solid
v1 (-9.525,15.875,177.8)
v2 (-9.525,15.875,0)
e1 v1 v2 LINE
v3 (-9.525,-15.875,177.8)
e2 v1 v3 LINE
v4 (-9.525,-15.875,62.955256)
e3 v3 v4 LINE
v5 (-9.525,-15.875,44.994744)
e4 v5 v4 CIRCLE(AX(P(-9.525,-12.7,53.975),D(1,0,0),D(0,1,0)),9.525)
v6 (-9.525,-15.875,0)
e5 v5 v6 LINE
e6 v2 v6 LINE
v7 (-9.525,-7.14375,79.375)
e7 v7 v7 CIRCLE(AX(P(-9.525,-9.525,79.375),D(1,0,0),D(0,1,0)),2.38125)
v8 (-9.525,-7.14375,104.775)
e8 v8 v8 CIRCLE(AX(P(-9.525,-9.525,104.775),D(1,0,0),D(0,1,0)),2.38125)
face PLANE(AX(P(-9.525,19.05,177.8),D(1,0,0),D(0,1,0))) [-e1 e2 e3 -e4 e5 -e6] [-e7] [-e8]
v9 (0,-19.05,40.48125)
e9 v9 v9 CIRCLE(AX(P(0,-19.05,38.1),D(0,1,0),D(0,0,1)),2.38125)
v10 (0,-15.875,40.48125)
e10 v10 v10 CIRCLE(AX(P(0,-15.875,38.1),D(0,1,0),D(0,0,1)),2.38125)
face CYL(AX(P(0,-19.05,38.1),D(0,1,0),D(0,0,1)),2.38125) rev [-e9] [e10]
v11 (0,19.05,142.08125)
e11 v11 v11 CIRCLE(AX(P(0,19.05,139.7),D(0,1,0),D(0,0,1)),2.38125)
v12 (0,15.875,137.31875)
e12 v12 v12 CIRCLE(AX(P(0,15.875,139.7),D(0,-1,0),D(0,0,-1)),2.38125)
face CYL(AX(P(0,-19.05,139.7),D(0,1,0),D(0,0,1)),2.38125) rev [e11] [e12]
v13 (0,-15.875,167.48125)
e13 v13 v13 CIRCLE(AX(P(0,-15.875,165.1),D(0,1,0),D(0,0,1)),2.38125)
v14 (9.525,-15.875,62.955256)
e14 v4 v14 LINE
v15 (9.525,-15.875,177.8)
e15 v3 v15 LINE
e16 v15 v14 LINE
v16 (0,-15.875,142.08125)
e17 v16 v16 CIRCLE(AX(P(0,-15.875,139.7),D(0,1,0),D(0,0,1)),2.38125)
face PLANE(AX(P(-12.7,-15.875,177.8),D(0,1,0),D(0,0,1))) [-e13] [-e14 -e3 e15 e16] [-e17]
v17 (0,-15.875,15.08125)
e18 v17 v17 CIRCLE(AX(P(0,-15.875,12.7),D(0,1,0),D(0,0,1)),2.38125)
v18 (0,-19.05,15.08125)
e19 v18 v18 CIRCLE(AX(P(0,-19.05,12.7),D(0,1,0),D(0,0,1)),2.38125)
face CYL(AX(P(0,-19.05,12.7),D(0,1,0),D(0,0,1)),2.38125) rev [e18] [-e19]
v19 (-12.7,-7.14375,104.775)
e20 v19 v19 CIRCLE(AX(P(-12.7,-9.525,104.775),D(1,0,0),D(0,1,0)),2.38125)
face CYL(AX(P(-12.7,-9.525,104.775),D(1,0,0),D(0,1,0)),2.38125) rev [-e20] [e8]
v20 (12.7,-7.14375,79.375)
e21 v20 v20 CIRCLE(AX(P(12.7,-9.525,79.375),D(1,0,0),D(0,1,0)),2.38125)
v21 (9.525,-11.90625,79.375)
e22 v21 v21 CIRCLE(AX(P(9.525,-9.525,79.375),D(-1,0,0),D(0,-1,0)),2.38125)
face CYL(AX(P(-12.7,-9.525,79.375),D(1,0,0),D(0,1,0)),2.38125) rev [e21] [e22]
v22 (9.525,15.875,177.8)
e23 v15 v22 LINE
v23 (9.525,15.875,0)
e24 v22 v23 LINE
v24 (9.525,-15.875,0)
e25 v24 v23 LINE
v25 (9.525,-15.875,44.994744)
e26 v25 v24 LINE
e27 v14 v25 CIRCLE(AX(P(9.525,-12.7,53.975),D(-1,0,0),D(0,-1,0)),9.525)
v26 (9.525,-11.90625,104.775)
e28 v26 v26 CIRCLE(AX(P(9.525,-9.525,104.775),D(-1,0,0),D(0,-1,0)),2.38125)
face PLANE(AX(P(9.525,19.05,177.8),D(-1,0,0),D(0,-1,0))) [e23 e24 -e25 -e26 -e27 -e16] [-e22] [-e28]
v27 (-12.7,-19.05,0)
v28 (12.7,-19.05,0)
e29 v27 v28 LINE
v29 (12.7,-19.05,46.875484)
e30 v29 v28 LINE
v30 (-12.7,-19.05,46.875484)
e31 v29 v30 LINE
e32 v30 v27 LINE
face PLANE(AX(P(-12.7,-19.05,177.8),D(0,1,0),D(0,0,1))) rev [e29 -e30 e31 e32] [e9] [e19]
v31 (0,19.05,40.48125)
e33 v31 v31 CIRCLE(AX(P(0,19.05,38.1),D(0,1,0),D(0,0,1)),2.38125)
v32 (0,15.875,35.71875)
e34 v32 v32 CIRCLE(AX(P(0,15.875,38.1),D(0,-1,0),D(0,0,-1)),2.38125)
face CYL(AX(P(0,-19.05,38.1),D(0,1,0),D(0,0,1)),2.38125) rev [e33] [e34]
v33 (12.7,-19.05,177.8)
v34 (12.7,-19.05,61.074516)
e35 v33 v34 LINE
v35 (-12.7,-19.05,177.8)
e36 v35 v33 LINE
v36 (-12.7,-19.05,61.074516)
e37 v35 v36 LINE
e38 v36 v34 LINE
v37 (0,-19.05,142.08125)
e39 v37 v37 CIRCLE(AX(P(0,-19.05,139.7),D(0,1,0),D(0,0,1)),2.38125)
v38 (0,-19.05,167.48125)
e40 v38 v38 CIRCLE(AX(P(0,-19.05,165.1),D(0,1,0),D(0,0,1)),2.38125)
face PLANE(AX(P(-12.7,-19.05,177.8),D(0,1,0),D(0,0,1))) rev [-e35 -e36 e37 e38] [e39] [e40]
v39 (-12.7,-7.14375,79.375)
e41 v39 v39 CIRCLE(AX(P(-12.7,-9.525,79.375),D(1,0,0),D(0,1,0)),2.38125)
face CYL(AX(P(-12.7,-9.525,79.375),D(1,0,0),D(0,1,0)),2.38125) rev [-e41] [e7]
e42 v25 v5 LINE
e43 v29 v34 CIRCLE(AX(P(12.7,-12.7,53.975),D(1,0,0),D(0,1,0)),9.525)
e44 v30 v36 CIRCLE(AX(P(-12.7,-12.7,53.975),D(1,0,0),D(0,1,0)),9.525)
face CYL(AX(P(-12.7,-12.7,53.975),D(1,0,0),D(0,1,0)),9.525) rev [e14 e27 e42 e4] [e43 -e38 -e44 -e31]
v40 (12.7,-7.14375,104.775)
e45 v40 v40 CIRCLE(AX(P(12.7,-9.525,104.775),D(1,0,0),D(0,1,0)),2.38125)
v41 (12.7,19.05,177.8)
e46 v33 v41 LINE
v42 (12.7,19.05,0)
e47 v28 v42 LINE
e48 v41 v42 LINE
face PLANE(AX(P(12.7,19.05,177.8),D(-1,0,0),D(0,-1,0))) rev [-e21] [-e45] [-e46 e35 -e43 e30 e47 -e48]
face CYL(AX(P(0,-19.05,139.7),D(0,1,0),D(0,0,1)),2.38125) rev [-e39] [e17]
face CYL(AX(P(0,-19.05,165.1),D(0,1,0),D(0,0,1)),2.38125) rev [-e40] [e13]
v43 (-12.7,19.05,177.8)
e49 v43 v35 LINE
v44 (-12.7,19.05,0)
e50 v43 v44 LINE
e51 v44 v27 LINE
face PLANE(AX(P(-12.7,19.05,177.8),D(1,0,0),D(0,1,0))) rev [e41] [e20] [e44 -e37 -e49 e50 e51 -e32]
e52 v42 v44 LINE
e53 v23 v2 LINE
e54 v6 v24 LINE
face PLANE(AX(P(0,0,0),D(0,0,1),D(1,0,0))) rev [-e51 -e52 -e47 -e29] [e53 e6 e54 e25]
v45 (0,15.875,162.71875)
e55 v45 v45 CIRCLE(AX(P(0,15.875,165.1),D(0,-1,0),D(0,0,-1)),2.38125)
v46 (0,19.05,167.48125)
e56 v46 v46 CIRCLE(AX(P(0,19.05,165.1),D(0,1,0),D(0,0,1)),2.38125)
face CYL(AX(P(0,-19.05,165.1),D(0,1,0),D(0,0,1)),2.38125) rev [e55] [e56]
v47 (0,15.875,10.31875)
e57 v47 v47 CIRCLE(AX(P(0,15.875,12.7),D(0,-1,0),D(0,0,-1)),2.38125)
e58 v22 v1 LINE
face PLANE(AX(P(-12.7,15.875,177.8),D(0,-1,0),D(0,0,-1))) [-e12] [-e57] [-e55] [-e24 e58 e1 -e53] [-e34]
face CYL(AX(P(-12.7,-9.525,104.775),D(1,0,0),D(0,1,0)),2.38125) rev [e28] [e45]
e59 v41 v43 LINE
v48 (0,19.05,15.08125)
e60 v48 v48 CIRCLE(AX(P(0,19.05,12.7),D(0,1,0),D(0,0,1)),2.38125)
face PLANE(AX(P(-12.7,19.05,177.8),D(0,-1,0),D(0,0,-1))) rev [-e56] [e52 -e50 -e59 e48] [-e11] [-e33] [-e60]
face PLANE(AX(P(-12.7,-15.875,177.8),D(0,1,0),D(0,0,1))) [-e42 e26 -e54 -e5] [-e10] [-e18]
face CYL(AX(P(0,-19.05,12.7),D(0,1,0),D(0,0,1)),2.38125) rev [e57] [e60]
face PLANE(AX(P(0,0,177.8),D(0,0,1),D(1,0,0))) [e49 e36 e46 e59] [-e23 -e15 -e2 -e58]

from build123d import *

# Parameters (mm, degrees)
SKETCH1_W           = 25.4
SKETCH1_H           = 38.1
BOSS_EXTRUDE1_DEPTH = 177.8
SHELL1_T            = -3.175
SKETCH2_R           = 9.525
CUT_EXTRUDE1_DEPTH  = 181.612575697
SKETCH3_R           = 2.38125
CUT_EXTRUDE2_DEPTH  = 183.279291199
SKETCH4_R           = 2.38125
CUT_EXTRUDE3_DEPTH  = 181.612575697
SKETCH5_R           = 2.38125
CUT_EXTRUDE4_DEPTH  = 183.279291199


with BuildPart() as part:
    # Sketch1 → Boss-Extrude1 (new body)
    with BuildSketch(Plane.XY):
        Rectangle(SKETCH1_W, SKETCH1_H)
    extrude(amount=BOSS_EXTRUDE1_DEPTH)

    # Shell1
    shell1_openings = [part.faces().sort_by_distance(p)[0] for p in [
        (0, 0, 177.8),
        (0, 0, 0),
    ]]
    offset(amount=SHELL1_T, openings=shell1_openings, kind=Kind.INTERSECTION)

    # Sketch2 → Cut-Extrude1 (cut, through all)
    with BuildSketch(Plane(origin=(12.7, 0, 0), x_dir=(0, 0, -1), z_dir=(1, 0, 0))):
        with Locations((-53.975, -12.7)):
            Circle(SKETCH2_R)
    extrude(amount=-CUT_EXTRUDE1_DEPTH, mode=Mode.SUBTRACT)

    # Sketch3 → Cut-Extrude2 (cut, through all)
    with BuildSketch(Plane(origin=(0, 19.05, 0), x_dir=(1, 0, 0), z_dir=(0, 1, 0))):
        with Locations(Location((0, -165.1, 0), (0, 0, 270))):
            Circle(SKETCH3_R)
        with Locations(Location((0, -139.7, 0), (0, 0, 270))):
            Circle(SKETCH3_R)
    extrude(amount=-CUT_EXTRUDE2_DEPTH, mode=Mode.SUBTRACT)

    # Sketch4 → Cut-Extrude3 (cut, through all)
    with BuildSketch(Plane(origin=(12.7, 0, 0), x_dir=(0, 0, -1), z_dir=(1, 0, 0))):
        with Locations(Location((-79.375, -9.525, 0), (0, 0, 90))):
            Circle(SKETCH4_R)
        with Locations(Location((-104.775, -9.525, 0), (0, 0, 90))):
            Circle(SKETCH4_R)
    extrude(amount=-CUT_EXTRUDE3_DEPTH, mode=Mode.SUBTRACT)

    # Sketch5 → Cut-Extrude4 (cut, through all)
    with BuildSketch(Plane(origin=(0, 19.05, 0), x_dir=(1, 0, 0), z_dir=(0, 1, 0))):
        with Locations(Location((0, -12.7, 0), (0, 0, 270))):
            Circle(SKETCH5_R)
        with Locations(Location((0, -38.1, 0), (0, 0, 270))):
            Circle(SKETCH5_R)
    extrude(amount=-CUT_EXTRUDE4_DEPTH, mode=Mode.SUBTRACT)


solid = part.part
